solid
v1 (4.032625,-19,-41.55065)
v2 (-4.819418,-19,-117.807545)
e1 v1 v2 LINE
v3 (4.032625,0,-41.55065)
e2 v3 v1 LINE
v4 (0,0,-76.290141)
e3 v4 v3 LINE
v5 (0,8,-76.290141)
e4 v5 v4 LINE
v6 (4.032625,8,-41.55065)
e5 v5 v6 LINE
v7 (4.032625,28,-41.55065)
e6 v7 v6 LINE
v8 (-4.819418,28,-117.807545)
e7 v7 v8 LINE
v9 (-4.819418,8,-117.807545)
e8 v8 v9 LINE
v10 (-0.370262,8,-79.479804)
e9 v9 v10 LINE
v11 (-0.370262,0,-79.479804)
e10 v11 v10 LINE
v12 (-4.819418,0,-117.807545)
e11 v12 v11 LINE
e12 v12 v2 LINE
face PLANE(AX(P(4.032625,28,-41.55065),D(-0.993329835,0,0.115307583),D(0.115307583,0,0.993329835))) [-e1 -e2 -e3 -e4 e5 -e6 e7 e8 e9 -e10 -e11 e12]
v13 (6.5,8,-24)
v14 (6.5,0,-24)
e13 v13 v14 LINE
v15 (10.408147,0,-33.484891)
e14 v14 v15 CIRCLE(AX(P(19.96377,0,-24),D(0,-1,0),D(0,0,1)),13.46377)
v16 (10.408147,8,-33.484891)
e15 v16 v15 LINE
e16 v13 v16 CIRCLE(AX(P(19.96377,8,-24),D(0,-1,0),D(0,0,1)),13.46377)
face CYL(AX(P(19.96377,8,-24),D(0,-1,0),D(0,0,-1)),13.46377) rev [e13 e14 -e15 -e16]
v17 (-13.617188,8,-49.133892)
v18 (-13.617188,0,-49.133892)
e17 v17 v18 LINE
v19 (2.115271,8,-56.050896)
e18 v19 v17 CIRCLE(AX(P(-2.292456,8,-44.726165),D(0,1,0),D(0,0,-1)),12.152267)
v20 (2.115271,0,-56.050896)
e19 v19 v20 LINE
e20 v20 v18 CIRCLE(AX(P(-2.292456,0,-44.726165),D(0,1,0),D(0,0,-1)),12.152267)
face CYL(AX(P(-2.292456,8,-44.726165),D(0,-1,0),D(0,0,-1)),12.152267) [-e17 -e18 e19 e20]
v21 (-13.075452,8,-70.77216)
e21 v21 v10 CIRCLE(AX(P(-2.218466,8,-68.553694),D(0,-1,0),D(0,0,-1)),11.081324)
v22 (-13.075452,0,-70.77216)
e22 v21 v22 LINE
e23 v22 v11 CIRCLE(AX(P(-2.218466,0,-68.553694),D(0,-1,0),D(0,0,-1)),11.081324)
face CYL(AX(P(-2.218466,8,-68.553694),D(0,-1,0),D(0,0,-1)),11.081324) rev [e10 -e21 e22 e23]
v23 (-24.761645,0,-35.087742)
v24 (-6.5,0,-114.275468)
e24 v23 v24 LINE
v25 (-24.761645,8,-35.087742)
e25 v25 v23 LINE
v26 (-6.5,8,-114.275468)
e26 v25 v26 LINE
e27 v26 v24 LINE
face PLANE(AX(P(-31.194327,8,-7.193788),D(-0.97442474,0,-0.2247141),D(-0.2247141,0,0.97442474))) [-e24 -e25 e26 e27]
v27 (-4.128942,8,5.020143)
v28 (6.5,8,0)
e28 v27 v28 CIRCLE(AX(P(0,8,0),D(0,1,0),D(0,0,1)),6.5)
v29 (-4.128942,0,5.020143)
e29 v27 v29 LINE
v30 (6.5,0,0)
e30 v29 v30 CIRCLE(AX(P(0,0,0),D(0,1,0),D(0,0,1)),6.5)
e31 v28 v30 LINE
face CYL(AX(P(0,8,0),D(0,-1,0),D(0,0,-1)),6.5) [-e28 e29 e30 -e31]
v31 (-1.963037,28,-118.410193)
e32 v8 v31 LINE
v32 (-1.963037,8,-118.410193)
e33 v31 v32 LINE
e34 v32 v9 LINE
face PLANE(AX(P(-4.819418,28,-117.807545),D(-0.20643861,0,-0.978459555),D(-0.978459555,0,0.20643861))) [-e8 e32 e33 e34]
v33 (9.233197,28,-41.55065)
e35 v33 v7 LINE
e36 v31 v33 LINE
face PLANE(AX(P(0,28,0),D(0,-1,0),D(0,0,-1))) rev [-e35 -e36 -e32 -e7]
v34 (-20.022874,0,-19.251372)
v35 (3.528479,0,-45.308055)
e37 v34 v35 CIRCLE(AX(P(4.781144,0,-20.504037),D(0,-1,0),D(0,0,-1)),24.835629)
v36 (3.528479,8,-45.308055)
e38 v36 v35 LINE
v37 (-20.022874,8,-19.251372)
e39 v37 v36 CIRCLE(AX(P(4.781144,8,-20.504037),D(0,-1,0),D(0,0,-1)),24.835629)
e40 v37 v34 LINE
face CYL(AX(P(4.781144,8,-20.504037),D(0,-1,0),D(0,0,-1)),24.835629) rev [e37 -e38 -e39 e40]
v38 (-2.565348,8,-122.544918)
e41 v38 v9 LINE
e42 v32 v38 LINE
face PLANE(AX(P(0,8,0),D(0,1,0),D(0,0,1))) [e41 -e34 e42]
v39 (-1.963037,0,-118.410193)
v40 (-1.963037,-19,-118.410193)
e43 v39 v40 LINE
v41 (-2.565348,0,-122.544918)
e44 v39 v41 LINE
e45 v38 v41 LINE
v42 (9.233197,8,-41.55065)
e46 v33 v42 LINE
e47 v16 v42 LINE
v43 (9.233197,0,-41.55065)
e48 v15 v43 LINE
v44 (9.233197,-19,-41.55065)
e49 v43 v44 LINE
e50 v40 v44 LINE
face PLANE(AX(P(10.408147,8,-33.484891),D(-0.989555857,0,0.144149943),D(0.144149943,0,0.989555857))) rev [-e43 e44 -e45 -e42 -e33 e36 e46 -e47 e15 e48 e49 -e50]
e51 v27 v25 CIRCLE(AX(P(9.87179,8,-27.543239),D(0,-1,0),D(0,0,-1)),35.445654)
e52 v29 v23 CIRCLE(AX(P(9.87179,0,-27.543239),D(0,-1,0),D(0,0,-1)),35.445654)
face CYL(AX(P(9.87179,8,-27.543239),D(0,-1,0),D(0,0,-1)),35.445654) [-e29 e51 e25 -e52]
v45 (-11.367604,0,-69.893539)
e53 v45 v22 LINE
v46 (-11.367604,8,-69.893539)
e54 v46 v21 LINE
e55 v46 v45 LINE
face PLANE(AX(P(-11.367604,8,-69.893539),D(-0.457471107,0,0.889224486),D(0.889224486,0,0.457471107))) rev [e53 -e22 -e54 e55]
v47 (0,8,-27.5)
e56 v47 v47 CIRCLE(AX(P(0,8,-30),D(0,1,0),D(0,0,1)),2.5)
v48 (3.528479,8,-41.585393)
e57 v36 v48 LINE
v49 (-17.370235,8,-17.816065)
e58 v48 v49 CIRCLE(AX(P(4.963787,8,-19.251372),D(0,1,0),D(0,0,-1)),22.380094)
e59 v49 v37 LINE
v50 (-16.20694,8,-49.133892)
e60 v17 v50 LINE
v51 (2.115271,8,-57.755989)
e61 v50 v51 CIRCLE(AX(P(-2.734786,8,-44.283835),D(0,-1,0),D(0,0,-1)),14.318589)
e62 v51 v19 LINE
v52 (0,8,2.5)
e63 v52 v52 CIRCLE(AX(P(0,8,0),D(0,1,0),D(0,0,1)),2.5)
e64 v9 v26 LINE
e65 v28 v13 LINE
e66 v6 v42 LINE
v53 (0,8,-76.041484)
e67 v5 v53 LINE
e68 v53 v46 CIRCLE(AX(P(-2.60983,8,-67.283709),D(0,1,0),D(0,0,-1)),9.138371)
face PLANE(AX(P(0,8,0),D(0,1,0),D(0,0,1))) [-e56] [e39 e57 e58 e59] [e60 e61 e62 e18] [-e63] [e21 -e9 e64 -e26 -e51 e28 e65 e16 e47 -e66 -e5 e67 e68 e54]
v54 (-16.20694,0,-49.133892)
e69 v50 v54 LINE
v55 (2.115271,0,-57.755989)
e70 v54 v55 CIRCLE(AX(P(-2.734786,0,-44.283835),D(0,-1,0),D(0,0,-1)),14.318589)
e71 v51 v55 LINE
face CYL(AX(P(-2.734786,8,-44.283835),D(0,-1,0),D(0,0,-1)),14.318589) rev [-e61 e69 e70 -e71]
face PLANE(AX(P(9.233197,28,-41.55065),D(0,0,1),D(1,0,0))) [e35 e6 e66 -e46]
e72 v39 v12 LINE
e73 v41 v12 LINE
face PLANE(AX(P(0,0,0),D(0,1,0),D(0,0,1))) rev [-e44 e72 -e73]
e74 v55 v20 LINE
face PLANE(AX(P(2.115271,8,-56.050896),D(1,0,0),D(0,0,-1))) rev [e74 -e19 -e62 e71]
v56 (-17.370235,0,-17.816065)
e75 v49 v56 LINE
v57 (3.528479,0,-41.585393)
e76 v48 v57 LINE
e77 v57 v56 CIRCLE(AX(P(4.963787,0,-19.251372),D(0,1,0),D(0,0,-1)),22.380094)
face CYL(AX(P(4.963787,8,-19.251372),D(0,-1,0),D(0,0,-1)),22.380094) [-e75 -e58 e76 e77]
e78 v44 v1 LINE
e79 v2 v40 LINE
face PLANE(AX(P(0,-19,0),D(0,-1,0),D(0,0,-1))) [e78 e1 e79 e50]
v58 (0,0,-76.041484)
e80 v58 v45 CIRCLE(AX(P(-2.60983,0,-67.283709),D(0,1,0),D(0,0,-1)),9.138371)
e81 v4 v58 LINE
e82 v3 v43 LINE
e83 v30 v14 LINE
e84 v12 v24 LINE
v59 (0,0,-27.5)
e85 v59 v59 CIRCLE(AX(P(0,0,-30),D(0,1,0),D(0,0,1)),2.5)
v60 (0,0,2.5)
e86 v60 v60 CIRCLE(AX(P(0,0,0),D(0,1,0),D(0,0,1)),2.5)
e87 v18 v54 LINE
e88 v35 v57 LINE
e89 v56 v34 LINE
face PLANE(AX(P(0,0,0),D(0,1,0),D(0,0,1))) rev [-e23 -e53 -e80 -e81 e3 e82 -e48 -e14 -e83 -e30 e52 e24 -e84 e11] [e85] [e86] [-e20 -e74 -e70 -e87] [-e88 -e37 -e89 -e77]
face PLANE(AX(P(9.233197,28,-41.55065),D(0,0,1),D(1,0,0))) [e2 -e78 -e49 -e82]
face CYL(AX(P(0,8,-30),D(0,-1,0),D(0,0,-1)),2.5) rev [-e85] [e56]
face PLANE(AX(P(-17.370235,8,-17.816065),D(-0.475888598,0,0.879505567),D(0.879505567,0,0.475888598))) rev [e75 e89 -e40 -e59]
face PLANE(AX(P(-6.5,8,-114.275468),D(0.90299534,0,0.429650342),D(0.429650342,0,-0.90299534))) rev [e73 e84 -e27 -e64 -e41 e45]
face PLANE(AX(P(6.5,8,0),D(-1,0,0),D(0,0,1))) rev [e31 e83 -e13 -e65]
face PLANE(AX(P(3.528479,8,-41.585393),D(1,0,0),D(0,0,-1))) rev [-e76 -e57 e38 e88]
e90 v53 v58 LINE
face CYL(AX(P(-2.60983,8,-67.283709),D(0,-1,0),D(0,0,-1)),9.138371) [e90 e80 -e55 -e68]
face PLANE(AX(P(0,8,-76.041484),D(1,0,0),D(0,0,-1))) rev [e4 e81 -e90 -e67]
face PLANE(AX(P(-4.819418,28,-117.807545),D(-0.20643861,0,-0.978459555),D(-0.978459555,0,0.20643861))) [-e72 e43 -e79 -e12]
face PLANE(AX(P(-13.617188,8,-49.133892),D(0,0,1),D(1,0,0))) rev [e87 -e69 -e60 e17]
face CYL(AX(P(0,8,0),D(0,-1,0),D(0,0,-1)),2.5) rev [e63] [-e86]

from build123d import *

# Parameters (mm, degrees)
CROQUIS2_R               = 2.5
SALIENTE_EXTRUIR1_DEPTH  = 8
BOSS_EXTRUDE1_DEPTH      = 8
CUT_EXTRUDE1_DEPTH       = 8
CUT_EXTRUDE2_DEPTH       = 8
CUT_EXTRUDE3_DEPTH       = 8
BOSS_EXTRUDE2_DEPTH      = 19
BOSS_EXTRUDE2_DEPTH_BACK = 28


with BuildPart() as part:
    # Croquis2 → Saliente-Extruir1 (new body)
    with BuildSketch(Plane(origin=(0, 0, 0), x_dir=(1, 0, 0), z_dir=(0, 1, 0))):
        with BuildLine():
            Line((10.408146681, 33.484891271), (-2.565348209, 122.544918389))
            Line((-2.565348209, 122.544918389), (-6.5, 114.275467894))
            Line((-6.5, 114.275467894), (-6.5, 70))
            Line((-6.5, 70), (-6.5, 0))
            ThreePointArc((-6.5, 0), (0, -6.5), (6.5, 0))
            Line((6.5, 0), (6.5, 24))
            ThreePointArc((6.5, 24), (7.515319953, 29.129248797), (10.408146681, 33.484891271))
        make_face()
        with Locations(Location((0, 0, 0), (0, 0, 270))):
            Circle(CROQUIS2_R, mode=Mode.SUBTRACT)
        with Locations(Location((0, 30, 0), (0, 0, 270))):
            Circle(CROQUIS2_R, mode=Mode.SUBTRACT)
    extrude(amount=SALIENTE_EXTRUIR1_DEPTH)

    # Sketch1 → Boss-Extrude1 (add)
    with BuildSketch(Plane(origin=(0, 0, 0), x_dir=(-1, 0, 0), z_dir=(0, -1, 0))):
        with BuildLine():
            ThreePointArc((4.128942059, -5.020143173), (21.647746033, 11.328640903), (24.761644954, 35.087741621))
            Line((24.761644954, 35.087741621), (6.5, 114.275467894))
            Line((6.5, 114.275467894), (6.5, 0))
            ThreePointArc((6.5, 0), (6.46955751, -0.628351518), (6.378515191, -1.250817318))
            ThreePointArc((6.378515191, -1.250817318), (5.581542691, -3.331123112), (4.128942059, -5.020143173))
        make_face()
    extrude(amount=-BOSS_EXTRUDE1_DEPTH)

    # Sketch2 → Cut-Extrude1 (cut)
    with BuildSketch(Plane(origin=(0, 0, 0), x_dir=(-1, 0, 0), z_dir=(0, -1, 0))):
        with BuildLine():
            Line((17.370234703, 17.816064827), (20.022873599, 19.251371951))
            ThreePointArc((20.022873599, 19.251371951), (13.643712801, 37.157358361), (-3.528479472, 45.308054917))
            Line((-3.528479472, 45.308054917), (-3.528479472, 41.585393249))
            ThreePointArc((-3.528479472, 41.585393249), (11.843666716, 34.028994462), (17.370234703, 17.816064827))
        make_face()
    extrude(amount=-CUT_EXTRUDE1_DEPTH, mode=Mode.SUBTRACT)

    # Sketch3 → Cut-Extrude2 (cut)
    with BuildSketch(Plane(origin=(0, 0, 0), x_dir=(-1, 0, 0), z_dir=(0, -1, 0))):
        with BuildLine():
            Line((13.617187508, 49.133891817), (16.20693955, 49.133891817))
            ThreePointArc((16.20693955, 49.133891817), (8.831529271, 57.239594637), (-2.115270782, 57.755989445))
            Line((-2.115270782, 57.755989445), (-2.115270782, 56.050896345))
            ThreePointArc((-2.115270782, 56.050896345), (7.183516906, 55.850692877), (13.617187508, 49.133891817))
        make_face()
    extrude(amount=-CUT_EXTRUDE2_DEPTH, mode=Mode.SUBTRACT)

    # Sketch4 → Cut-Extrude3 (cut)
    with BuildSketch(Plane(origin=(0, 0, 0), x_dir=(-1, 0, 0), z_dir=(0, -1, 0))):
        with BuildLine():
            Line((11.367603777, 69.893539148), (13.075452067, 70.772160082))
            ThreePointArc((13.075452067, 70.772160082), (8.326822135, 77.799434944), (0, 79.410680226))
            Line((0, 79.410680226), (0, 76.04148357))
            ThreePointArc((0, 76.04148357), (6.957082869, 75.321819187), (11.367603777, 69.893539148))
        make_face()
    extrude(amount=-CUT_EXTRUDE3_DEPTH, mode=Mode.SUBTRACT)

    # Sketch5 → Boss-Extrude2 (add, two sides: drawn at the far end of the back side and taken through both)
    with BuildSketch(Plane(origin=(0, 0, 0), x_dir=(-1, 0, 0), z_dir=(0, -1, 0)).offset(-BOSS_EXTRUDE2_DEPTH_BACK)):
        Polygon((-9.233196645, 41.550650182), (1.963037177, 118.410193142), (4.819417727, 117.807544593), (-4.03262502, 41.550650182), align=None)
    extrude(amount=BOSS_EXTRUDE2_DEPTH + BOSS_EXTRUDE2_DEPTH_BACK)


solid = part.part
